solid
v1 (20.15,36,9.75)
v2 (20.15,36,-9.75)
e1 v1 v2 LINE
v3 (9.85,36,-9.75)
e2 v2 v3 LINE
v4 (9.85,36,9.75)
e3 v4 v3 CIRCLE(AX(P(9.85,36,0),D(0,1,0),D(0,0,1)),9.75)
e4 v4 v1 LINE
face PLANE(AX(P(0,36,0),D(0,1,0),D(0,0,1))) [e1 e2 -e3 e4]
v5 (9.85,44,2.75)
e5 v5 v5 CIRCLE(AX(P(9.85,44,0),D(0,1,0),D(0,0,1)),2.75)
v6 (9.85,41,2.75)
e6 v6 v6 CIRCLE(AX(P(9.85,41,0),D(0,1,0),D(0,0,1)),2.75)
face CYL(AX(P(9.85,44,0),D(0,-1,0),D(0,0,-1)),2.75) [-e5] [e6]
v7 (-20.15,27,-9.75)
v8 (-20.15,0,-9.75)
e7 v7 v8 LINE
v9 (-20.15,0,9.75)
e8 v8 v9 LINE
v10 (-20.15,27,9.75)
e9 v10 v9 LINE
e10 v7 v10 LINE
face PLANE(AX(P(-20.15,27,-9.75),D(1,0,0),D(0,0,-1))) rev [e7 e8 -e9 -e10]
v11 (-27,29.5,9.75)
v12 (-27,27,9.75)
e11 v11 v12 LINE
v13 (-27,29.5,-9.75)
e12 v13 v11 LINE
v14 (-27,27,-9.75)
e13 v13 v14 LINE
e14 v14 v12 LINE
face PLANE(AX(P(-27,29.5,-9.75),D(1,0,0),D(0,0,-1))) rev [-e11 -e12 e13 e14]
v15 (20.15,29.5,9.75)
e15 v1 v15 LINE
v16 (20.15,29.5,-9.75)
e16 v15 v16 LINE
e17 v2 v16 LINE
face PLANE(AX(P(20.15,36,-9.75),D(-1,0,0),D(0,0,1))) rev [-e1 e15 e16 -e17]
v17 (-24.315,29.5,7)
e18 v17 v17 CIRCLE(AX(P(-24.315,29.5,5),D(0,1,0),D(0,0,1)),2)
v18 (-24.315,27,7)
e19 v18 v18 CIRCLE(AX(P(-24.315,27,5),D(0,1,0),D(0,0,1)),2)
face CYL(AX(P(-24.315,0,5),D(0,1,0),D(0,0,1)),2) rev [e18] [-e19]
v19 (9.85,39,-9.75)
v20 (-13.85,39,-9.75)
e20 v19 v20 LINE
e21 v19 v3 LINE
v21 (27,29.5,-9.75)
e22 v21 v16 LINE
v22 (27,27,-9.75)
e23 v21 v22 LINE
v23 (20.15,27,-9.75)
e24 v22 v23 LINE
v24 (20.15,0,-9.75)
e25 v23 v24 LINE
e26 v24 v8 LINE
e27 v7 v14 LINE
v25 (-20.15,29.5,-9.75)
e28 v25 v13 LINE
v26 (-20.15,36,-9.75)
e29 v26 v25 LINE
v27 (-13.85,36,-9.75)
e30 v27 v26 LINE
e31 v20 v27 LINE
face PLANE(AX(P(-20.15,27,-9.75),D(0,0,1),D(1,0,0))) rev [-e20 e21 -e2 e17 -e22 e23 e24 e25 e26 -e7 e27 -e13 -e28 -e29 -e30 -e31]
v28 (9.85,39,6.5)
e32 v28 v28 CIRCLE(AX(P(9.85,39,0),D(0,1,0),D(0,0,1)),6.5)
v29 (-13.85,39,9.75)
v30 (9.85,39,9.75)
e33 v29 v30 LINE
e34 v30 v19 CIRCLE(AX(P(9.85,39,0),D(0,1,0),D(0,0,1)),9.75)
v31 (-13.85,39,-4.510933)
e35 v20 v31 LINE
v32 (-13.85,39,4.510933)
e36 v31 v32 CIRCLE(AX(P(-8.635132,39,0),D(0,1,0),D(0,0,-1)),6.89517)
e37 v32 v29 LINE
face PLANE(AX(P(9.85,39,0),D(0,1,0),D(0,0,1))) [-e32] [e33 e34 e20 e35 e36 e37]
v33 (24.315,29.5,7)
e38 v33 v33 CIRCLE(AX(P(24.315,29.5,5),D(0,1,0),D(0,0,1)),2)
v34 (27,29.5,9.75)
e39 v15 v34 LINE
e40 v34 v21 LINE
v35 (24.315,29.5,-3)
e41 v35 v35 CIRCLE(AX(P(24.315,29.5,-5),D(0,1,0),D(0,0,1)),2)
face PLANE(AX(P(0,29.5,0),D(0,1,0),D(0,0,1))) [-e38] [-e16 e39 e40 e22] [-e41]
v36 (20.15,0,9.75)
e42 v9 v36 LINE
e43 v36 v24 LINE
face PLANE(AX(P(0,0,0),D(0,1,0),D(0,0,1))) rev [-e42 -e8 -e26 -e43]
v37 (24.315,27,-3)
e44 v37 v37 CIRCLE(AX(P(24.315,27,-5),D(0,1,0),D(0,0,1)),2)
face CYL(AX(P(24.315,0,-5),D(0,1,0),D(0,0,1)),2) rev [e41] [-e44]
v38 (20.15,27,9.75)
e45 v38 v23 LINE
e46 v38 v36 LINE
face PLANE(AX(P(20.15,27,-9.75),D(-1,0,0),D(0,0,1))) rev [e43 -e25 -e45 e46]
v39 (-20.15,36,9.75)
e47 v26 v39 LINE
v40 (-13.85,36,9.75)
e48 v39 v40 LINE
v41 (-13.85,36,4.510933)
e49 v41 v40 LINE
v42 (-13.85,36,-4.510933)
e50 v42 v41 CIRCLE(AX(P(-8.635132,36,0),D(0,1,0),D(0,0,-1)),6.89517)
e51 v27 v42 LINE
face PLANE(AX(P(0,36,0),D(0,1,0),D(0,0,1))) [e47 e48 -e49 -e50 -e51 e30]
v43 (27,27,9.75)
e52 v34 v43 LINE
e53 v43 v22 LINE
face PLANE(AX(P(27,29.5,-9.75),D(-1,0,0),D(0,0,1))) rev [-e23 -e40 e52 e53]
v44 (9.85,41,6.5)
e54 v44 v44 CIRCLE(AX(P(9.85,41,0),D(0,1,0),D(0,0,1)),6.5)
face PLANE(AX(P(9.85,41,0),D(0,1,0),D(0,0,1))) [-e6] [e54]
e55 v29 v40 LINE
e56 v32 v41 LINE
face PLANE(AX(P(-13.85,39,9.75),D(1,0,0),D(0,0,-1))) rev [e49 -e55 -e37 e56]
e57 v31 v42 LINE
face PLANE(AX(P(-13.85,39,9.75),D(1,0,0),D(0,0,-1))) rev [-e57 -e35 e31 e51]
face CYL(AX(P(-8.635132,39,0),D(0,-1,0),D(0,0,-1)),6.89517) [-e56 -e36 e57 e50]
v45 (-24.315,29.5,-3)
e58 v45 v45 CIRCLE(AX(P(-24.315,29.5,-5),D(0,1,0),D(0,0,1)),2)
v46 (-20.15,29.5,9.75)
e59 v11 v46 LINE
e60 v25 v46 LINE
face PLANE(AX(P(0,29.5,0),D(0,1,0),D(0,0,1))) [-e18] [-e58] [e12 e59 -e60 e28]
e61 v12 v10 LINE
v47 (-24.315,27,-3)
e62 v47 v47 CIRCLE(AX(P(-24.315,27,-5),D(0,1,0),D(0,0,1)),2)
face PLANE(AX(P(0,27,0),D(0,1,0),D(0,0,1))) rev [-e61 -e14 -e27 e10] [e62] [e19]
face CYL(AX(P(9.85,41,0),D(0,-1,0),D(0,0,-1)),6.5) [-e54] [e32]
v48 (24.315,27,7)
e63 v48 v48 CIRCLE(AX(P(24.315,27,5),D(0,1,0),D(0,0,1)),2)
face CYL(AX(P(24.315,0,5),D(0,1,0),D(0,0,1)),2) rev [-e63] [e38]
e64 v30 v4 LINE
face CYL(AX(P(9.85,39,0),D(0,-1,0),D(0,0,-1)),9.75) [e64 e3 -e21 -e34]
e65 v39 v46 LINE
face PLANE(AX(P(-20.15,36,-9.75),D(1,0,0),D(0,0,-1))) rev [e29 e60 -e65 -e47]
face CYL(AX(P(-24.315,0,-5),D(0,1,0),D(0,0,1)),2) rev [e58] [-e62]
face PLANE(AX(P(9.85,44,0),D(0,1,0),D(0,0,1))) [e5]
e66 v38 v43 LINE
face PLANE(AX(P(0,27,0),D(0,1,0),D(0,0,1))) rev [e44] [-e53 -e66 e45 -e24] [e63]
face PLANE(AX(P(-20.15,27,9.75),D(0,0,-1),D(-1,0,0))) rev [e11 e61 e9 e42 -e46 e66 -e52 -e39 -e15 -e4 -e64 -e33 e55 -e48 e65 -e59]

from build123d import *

# Parameters (mm, degrees)
SKETCH1_W               = 40.3
SKETCH1_H               = 19.5
BOSS_EXTRUDE1_DEPTH     = 27
SKETCH2_W               = 54
SKETCH2_H               = 19.5
BOSS_EXTRUDE2_DEPTH     = 2.5
SKETCH3_W               = 40.3
SKETCH3_H               = 19.5
BOSS_EXTRUDE3_DEPTH     = 6.5
SKETCH4_R               = 2.75
BOSS_EXTRUDE4_DEPTH     = 8
CUT_EXTRUDE1_DEPTH      = 42.162027404
CUT_EXTRUDE1_DEPTH_BACK = 42.162027404
SKETCH5_R               = 2
BOSS_EXTRUDE5_DEPTH     = 3
SKETCH7_R               = 6.5
BOSS_EXTRUDE6_DEPTH     = 2
BOSS_EXTRUDE7_DEPTH     = 3


with BuildPart() as part:
    # Sketch1 → Boss-Extrude1 (new body)
    with BuildSketch(Plane(origin=(0, 0, 0), x_dir=(1, 0, 0), z_dir=(0, 1, 0))):
        Rectangle(SKETCH1_W, SKETCH1_H)
    extrude(amount=BOSS_EXTRUDE1_DEPTH)

    # Sketch2 → Boss-Extrude2 (add)
    with BuildSketch(Plane(origin=(0, 27, 0), x_dir=(1, 0, 0), z_dir=(0, 1, 0))):
        Rectangle(SKETCH2_W, SKETCH2_H)
    extrude(amount=BOSS_EXTRUDE2_DEPTH)

    # Sketch3 → Boss-Extrude3 (add)
    with BuildSketch(Plane(origin=(0, 29.5, 0), x_dir=(1, 0, 0), z_dir=(0, 1, 0))):
        Rectangle(SKETCH3_W, SKETCH3_H)
    extrude(amount=BOSS_EXTRUDE3_DEPTH)

    # Sketch4 → Boss-Extrude4 (add)
    with BuildSketch(Plane(origin=(0, 36, 0), x_dir=(1, 0, 0), z_dir=(0, 1, 0))):
        with Locations(Location((9.85, 0, 0), (0, 0, 270))):
            Circle(SKETCH4_R)
    extrude(amount=BOSS_EXTRUDE4_DEPTH)

    # Sketch5 → Cut-Extrude1 (cut, two sides: drawn at the far end of the back side and taken through both)
    with BuildSketch(Plane(origin=(0, 29.5, 0), x_dir=(1, 0, 0), z_dir=(0, 1, 0)).offset(-CUT_EXTRUDE1_DEPTH_BACK)):
        with Locations(Location((-24.315, 5, 0), (0, 0, 270))):
            Circle(SKETCH5_R)
        with Locations(Location((-24.315, -5, 0), (0, 0, 270))):
            Circle(SKETCH5_R)
        with Locations(Location((24.315, -5, 0), (0, 0, 270))):
            Circle(SKETCH5_R)
        with Locations(Location((24.315, 5, 0), (0, 0, 270))):
            Circle(SKETCH5_R)
    extrude(amount=CUT_EXTRUDE1_DEPTH + CUT_EXTRUDE1_DEPTH_BACK, mode=Mode.SUBTRACT)

    # Sketch6 → Boss-Extrude5 (add)
    with BuildSketch(Plane(origin=(0, 36, 0), x_dir=(1, 0, 0), z_dir=(0, 1, 0))):
        with BuildLine():
            Line((9.85, -9.75), (-13.85, -9.75))
            Line((-13.85, -9.75), (-13.85, 9.75))
            Line((-13.85, 9.75), (9.85, 9.75))
            ThreePointArc((9.85, 9.75), (19.6, 0), (9.85, -9.75))
        make_face()
    extrude(amount=BOSS_EXTRUDE5_DEPTH)

    # Sketch7 → Boss-Extrude6 (add)
    with BuildSketch(Plane(origin=(0, 39, 0), x_dir=(1, 0, 0), z_dir=(0, 1, 0))):
        with Locations(Location((9.85, 0, 0), (0, 0, 270))):
            Circle(SKETCH7_R)
    extrude(amount=BOSS_EXTRUDE6_DEPTH)

    # Sketch8 → Boss-Extrude7 (add)
    with BuildSketch(Plane(origin=(0, 36, 0), x_dir=(1, 0, 0), z_dir=(0, 1, 0))):
        with BuildLine():
            Line((-13.85, 4.510933332), (-13.85, -4.510933332))
            ThreePointArc((-13.85, -4.510933332), (-15.530301972, 0), (-13.85, 4.510933332))
        make_face()
    extrude(amount=BOSS_EXTRUDE7_DEPTH)


solid = part.part
